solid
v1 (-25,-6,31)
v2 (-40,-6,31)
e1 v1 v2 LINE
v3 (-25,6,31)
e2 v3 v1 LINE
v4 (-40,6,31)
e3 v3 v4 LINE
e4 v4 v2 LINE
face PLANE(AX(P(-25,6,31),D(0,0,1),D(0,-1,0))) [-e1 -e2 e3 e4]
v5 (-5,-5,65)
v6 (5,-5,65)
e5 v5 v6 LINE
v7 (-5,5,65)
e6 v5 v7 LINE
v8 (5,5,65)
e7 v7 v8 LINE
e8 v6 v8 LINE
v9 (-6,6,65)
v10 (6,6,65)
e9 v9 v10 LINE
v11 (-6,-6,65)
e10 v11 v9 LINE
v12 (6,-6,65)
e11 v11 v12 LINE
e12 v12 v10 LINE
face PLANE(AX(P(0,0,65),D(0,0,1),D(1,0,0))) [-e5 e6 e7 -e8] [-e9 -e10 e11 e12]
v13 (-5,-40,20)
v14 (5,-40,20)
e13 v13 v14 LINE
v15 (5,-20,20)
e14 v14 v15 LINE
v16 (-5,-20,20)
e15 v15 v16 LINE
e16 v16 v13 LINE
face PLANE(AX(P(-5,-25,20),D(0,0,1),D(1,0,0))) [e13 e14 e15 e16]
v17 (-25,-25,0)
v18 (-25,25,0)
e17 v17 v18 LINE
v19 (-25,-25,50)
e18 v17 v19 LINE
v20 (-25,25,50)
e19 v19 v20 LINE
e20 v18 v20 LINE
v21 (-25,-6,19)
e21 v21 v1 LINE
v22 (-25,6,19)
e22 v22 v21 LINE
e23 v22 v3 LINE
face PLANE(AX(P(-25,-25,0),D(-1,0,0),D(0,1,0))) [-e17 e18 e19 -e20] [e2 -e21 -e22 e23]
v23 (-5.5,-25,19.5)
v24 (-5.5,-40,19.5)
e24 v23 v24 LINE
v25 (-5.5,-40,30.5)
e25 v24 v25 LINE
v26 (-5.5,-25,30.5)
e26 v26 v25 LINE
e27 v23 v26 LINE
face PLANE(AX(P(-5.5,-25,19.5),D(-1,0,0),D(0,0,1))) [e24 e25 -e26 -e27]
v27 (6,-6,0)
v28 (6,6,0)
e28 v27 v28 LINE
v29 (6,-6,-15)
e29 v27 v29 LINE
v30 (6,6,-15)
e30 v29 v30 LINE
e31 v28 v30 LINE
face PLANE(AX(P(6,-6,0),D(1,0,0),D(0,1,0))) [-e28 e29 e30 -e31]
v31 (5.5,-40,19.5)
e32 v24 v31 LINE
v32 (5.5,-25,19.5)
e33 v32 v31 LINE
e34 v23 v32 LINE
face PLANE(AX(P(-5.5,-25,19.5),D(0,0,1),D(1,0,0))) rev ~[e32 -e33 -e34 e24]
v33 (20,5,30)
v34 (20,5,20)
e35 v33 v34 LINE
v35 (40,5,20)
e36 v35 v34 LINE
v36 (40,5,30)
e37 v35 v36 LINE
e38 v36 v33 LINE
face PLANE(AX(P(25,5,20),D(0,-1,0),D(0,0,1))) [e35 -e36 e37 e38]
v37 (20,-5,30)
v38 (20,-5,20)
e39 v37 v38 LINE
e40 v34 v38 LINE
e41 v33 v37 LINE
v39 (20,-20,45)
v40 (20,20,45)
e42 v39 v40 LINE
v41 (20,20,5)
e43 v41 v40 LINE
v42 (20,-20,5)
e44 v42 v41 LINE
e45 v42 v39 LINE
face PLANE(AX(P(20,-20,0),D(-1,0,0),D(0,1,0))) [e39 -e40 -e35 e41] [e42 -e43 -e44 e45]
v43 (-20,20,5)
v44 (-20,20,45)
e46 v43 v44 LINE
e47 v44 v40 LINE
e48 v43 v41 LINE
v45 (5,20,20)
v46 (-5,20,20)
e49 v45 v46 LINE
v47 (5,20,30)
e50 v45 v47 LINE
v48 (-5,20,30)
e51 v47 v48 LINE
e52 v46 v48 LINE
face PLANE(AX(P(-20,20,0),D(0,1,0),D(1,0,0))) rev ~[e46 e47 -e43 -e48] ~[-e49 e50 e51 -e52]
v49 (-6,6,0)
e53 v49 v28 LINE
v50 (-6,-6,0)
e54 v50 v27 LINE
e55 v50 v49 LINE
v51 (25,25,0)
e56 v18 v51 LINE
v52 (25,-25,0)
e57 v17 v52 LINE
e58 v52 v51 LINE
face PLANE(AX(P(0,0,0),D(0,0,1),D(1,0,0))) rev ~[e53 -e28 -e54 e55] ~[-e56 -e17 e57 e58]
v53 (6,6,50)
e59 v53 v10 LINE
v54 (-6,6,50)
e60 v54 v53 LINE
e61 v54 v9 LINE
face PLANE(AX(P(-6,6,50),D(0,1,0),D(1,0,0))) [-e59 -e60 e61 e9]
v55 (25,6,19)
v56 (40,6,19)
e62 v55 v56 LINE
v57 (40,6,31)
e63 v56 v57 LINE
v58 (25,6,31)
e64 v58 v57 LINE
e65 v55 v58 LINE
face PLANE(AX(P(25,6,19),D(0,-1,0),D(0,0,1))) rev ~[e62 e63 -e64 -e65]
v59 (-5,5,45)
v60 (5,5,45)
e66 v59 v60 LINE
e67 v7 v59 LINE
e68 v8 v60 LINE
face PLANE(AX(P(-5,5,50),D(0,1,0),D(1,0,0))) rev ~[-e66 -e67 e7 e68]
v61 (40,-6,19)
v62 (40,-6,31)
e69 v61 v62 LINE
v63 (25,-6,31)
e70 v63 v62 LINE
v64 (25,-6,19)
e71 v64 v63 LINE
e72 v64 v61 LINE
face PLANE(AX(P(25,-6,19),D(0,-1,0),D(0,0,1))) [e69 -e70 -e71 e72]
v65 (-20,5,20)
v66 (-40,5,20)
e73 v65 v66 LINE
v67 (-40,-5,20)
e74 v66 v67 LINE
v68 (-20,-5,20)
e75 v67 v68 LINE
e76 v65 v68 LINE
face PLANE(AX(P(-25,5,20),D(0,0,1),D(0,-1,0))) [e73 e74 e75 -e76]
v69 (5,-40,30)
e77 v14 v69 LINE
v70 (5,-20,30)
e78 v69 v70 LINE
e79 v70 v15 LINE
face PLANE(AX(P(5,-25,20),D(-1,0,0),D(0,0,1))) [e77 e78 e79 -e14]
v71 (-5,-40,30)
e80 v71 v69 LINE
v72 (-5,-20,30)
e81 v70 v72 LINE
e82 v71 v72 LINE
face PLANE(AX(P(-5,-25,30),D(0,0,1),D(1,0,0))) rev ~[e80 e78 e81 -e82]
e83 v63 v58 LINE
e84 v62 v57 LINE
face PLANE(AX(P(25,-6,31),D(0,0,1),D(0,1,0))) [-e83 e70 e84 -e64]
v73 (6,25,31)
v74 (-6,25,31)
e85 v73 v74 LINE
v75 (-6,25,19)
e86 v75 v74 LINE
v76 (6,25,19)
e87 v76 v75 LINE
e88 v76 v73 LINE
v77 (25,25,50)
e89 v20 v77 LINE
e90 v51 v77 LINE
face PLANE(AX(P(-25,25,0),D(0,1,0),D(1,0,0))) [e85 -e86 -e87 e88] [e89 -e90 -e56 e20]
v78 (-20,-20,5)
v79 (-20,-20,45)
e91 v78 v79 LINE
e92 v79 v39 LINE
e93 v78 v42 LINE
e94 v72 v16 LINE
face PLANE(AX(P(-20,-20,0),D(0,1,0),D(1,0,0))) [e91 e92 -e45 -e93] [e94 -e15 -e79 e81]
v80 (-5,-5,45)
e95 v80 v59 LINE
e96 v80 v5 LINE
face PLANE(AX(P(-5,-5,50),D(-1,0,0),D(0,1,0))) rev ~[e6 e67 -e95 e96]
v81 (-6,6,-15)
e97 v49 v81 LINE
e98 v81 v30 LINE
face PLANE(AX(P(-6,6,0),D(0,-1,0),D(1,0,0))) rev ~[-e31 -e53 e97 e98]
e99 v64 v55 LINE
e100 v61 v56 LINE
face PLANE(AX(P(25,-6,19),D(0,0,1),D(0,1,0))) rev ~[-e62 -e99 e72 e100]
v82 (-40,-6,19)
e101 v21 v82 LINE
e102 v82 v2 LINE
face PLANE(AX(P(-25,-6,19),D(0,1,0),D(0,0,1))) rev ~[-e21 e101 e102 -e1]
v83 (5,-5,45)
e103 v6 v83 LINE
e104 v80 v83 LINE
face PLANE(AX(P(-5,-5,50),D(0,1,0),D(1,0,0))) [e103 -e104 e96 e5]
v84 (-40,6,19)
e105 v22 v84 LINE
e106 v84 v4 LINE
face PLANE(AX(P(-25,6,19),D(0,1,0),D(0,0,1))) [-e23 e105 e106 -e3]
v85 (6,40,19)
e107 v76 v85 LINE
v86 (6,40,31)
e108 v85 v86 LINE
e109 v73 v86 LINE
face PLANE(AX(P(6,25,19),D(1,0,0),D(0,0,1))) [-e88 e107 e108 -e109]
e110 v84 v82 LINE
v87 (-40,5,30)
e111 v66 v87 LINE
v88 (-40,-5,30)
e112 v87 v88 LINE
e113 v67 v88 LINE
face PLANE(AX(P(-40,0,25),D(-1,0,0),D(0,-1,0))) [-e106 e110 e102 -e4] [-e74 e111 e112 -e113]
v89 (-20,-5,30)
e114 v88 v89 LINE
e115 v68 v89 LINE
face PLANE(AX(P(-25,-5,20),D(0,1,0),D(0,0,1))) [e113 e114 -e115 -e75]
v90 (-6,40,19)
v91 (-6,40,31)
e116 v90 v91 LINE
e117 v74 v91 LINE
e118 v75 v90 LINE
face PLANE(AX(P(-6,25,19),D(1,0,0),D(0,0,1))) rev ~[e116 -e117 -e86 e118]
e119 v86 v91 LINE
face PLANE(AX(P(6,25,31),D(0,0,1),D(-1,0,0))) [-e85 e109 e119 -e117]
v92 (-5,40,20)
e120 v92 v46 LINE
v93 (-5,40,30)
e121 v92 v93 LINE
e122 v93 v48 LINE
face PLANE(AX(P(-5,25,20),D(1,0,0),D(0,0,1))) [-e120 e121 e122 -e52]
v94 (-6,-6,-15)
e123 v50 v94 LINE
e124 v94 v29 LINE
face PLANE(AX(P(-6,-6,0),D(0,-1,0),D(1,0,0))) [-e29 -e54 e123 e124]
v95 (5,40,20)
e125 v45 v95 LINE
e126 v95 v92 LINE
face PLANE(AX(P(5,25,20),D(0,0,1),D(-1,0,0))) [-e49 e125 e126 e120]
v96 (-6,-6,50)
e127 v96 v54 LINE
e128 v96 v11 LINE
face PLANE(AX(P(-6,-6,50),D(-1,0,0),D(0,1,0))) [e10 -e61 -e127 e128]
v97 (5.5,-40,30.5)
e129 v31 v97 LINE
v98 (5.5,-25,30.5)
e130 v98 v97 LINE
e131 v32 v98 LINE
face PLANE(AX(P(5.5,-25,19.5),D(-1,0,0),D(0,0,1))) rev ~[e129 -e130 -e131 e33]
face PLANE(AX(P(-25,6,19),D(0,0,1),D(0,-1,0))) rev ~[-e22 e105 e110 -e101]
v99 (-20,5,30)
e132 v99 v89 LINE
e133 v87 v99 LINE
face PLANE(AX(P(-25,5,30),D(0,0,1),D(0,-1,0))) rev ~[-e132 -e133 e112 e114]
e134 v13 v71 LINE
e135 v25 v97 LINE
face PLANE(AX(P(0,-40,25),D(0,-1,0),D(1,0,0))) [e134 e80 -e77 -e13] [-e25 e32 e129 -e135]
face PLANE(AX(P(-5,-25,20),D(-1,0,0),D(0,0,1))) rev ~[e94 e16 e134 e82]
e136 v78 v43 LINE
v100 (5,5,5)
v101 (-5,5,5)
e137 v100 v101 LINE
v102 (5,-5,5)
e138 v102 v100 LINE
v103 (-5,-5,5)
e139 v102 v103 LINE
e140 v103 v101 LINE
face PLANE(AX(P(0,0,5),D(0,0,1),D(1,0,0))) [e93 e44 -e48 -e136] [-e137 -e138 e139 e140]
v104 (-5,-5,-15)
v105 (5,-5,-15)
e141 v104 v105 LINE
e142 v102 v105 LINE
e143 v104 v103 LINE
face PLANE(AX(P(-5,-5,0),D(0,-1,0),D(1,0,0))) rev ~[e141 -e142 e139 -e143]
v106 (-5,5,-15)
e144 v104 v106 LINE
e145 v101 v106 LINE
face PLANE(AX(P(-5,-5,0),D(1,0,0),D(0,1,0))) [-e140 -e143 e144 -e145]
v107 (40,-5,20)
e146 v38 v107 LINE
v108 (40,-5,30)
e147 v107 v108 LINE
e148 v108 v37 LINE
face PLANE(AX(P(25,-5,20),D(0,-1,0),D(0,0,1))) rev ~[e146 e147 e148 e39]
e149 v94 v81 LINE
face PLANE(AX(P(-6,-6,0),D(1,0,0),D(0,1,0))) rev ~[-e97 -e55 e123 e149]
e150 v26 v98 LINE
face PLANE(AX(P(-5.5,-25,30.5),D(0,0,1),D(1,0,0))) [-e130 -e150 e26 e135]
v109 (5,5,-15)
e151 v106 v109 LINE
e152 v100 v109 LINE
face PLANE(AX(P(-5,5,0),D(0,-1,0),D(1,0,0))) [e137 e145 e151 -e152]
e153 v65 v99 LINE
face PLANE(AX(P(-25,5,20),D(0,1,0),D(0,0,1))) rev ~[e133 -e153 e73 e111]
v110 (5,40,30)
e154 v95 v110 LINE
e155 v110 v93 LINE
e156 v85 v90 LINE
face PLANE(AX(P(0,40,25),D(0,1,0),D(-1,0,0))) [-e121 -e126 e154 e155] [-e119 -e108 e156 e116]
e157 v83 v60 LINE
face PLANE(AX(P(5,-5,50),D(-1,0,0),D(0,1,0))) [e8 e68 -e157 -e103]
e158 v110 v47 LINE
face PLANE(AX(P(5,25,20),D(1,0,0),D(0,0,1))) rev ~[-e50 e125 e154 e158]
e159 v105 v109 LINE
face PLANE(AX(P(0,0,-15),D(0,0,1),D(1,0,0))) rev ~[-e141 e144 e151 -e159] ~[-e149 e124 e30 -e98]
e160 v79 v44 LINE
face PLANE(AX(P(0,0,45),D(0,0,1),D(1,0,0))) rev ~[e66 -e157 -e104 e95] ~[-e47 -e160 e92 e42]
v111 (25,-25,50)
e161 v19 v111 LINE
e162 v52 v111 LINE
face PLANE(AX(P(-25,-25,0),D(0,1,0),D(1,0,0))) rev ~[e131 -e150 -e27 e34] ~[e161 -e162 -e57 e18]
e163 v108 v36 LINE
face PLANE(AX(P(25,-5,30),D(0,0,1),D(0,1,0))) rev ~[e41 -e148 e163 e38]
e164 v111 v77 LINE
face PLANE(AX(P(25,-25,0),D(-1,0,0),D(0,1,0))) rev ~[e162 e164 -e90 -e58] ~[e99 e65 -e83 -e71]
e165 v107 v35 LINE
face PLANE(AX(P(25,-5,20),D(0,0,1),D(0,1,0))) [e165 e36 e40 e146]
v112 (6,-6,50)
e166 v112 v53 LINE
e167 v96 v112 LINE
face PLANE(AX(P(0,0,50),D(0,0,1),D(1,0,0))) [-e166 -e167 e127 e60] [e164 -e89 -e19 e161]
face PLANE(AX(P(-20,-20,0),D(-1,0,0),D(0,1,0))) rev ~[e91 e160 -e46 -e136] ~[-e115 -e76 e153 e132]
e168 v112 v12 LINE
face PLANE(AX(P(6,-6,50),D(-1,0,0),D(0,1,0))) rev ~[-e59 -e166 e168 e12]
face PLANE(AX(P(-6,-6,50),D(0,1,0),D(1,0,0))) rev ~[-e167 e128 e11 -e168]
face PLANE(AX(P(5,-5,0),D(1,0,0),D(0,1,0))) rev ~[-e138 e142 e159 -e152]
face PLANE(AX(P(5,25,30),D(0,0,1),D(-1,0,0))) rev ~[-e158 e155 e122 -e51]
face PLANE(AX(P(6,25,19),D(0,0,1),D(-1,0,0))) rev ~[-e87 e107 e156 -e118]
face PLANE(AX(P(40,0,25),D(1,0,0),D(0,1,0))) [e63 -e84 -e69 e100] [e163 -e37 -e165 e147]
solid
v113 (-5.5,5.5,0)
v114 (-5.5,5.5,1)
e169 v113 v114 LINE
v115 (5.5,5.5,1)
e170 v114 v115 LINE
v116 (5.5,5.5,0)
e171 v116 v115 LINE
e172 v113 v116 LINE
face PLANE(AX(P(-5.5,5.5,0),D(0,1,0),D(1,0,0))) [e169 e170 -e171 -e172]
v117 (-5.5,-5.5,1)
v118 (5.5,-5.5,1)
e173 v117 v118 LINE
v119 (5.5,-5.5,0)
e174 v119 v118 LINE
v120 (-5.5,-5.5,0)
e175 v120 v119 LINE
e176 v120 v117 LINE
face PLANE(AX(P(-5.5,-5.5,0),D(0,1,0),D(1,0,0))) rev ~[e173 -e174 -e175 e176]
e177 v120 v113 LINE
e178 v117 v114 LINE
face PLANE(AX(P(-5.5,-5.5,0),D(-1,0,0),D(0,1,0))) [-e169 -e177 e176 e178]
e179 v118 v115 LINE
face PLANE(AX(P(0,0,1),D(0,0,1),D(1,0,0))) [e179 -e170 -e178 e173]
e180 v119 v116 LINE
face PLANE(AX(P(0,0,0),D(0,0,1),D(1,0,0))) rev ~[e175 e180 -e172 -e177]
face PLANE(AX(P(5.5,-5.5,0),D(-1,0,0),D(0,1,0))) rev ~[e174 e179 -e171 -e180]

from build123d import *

# Parameters (mm, degrees)
F0_W      = 50
F0_H      = 50
F0_W_2    = 40
F0_H_2    = 40
F1_DEPTH  = 50
F2_DEPTH  = 5
F3_W      = 40
F3_H      = 40
F4_DEPTH  = 5
F5_W      = 10
F5_H      = 10
F6_DEPTH  = 10
F7_W      = 10
F7_H      = 10
F8_DEPTH  = 10
F9_W      = 10
F9_H      = 10
F10_DEPTH = 10
F11_W     = 10
F11_H     = 10
F12_DEPTH = 10
F13_W     = 10
F13_H     = 10
F14_DEPTH = 10
F15_W     = 10
F15_H     = 10
F16_DEPTH = 10
F17_W     = 11
F17_H     = 11
F17_W_2   = 10
F17_H_2   = 10
F18_DEPTH = 15
F19_W     = 12
F19_H     = 12
F19_W_2   = 10
F19_H_2   = 10
F20_DEPTH = 15
F21_W     = 12
F21_H     = 12
F21_W_2   = 10
F21_H_2   = 10
F22_DEPTH = 15
F23_W     = 12
F23_H     = 12
F23_W_2   = 10
F23_H_2   = 10
F24_DEPTH = 15
F25_W     = 12
F25_H     = 12
F25_W_2   = 10
F25_H_2   = 10
F26_DEPTH = 15
F27_W     = 12
F27_H     = 12
F27_W_2   = 10
F27_H_2   = 10
F28_DEPTH = 15
F29_W     = 11
F29_H     = 11
F30_DEPTH = 1


with BuildPart() as f1:
    # F0 (on Top) → F1 (new body)
    with BuildSketch(Plane.XY):
        Rectangle(F0_W, F0_H)
        Rectangle(F0_W_2, F0_H_2, mode=Mode.SUBTRACT)
    extrude(amount=F1_DEPTH)

    # F0 (on Top) → F2 (join)
    with BuildSketch(Plane.XY):
        Rectangle(F0_W_2, F0_H_2)
    extrude(amount=F2_DEPTH)

    # F3 (on face) → F4 (join)
    with BuildSketch(Plane.XY.offset(50)):
        Rectangle(F3_W, F3_H)
    extrude(amount=-F4_DEPTH)

    # F5 (on face) → F6 (cut)
    with BuildSketch(Plane.XY.offset(50)):
        Rectangle(F5_W, F5_H)
    extrude(amount=-F6_DEPTH, mode=Mode.SUBTRACT)

    # F7 (on face) → F8 (cut)
    with BuildSketch(Plane.XZ.offset(25)):
        with Locations((0, 25)):
            Rectangle(F7_W, F7_H)
    extrude(amount=-F8_DEPTH, mode=Mode.SUBTRACT)

    # F9 (on face) → F10 (cut)
    with BuildSketch(Plane(origin=(0, 0, 0), x_dir=(1, 0, 0), z_dir=(0, 0, -1))):
        Rectangle(F9_W, F9_H)
    extrude(amount=-F10_DEPTH, mode=Mode.SUBTRACT)

    # F11 (on face) → F12 (cut)
    with BuildSketch(Plane(origin=(0, 25, 0), x_dir=(-1, 0, 0), z_dir=(0, 1, 0))):
        with Locations((0, 25)):
            Rectangle(F11_W, F11_H)
    extrude(amount=-F12_DEPTH, mode=Mode.SUBTRACT)

    # F13 (on face) → F14 (cut)
    with BuildSketch(Plane(origin=(-25, 0, 0), x_dir=(0, -1, 0), z_dir=(-1, 0, 0))):
        with Locations((0, 25)):
            Rectangle(F13_W, F13_H)
    extrude(amount=-F14_DEPTH, mode=Mode.SUBTRACT)

    # F15 (on face) → F16 (cut)
    with BuildSketch(Plane.YZ.offset(25)):
        with Locations((0, 25)):
            Rectangle(F15_W, F15_H)
    extrude(amount=-F16_DEPTH, mode=Mode.SUBTRACT)

    # F17 (on face) → F18 (join)
    with BuildSketch(Plane.XZ.offset(25)):
        with Locations((0, 25)):
            Rectangle(F17_W, F17_H)
        with Locations((0, 25)):
            Rectangle(F17_W_2, F17_H_2, mode=Mode.SUBTRACT)
    extrude(amount=F18_DEPTH)

    # F19 (on face) → F20 (join)
    with BuildSketch(Plane.XY.offset(50)):
        Rectangle(F19_W, F19_H)
        Rectangle(F19_W_2, F19_H_2, mode=Mode.SUBTRACT)
    extrude(amount=F20_DEPTH)

    # F21 (on face) → F22 (join)
    with BuildSketch(Plane(origin=(0, 25, 0), x_dir=(-1, 0, 0), z_dir=(0, 1, 0))):
        with Locations((0, 25)):
            Rectangle(F21_W, F21_H)
        with Locations((0, 25)):
            Rectangle(F21_W_2, F21_H_2, mode=Mode.SUBTRACT)
    extrude(amount=F22_DEPTH)

    # F23 (on face) → F24 (join)
    with BuildSketch(Plane.XY):
        Rectangle(F23_W, F23_H)
        Rectangle(F23_W_2, F23_H_2, mode=Mode.SUBTRACT)
    extrude(amount=-F24_DEPTH)

    # F25 (on face) → F26 (join)
    with BuildSketch(Plane.YZ.offset(25)):
        with Locations((0, 25)):
            Rectangle(F25_W, F25_H)
        with Locations((0, 25)):
            Rectangle(F25_W_2, F25_H_2, mode=Mode.SUBTRACT)
    extrude(amount=F26_DEPTH)

    # F27 (on face) → F28 (join)
    with BuildSketch(Plane(origin=(-25, 0, 0), x_dir=(0, -1, 0), z_dir=(-1, 0, 0))):
        with Locations((0, 25)):
            Rectangle(F27_W, F27_H)
        with Locations((0, 25)):
            Rectangle(F27_W_2, F27_H_2, mode=Mode.SUBTRACT)
    extrude(amount=F28_DEPTH)


with BuildPart() as f30:
    # F29 (on Top) → F30 (new body)
    with BuildSketch(Plane.XY):
        Rectangle(F29_W, F29_H)
    extrude(amount=F30_DEPTH)


solid = Compound([f1.part, f30.part])
